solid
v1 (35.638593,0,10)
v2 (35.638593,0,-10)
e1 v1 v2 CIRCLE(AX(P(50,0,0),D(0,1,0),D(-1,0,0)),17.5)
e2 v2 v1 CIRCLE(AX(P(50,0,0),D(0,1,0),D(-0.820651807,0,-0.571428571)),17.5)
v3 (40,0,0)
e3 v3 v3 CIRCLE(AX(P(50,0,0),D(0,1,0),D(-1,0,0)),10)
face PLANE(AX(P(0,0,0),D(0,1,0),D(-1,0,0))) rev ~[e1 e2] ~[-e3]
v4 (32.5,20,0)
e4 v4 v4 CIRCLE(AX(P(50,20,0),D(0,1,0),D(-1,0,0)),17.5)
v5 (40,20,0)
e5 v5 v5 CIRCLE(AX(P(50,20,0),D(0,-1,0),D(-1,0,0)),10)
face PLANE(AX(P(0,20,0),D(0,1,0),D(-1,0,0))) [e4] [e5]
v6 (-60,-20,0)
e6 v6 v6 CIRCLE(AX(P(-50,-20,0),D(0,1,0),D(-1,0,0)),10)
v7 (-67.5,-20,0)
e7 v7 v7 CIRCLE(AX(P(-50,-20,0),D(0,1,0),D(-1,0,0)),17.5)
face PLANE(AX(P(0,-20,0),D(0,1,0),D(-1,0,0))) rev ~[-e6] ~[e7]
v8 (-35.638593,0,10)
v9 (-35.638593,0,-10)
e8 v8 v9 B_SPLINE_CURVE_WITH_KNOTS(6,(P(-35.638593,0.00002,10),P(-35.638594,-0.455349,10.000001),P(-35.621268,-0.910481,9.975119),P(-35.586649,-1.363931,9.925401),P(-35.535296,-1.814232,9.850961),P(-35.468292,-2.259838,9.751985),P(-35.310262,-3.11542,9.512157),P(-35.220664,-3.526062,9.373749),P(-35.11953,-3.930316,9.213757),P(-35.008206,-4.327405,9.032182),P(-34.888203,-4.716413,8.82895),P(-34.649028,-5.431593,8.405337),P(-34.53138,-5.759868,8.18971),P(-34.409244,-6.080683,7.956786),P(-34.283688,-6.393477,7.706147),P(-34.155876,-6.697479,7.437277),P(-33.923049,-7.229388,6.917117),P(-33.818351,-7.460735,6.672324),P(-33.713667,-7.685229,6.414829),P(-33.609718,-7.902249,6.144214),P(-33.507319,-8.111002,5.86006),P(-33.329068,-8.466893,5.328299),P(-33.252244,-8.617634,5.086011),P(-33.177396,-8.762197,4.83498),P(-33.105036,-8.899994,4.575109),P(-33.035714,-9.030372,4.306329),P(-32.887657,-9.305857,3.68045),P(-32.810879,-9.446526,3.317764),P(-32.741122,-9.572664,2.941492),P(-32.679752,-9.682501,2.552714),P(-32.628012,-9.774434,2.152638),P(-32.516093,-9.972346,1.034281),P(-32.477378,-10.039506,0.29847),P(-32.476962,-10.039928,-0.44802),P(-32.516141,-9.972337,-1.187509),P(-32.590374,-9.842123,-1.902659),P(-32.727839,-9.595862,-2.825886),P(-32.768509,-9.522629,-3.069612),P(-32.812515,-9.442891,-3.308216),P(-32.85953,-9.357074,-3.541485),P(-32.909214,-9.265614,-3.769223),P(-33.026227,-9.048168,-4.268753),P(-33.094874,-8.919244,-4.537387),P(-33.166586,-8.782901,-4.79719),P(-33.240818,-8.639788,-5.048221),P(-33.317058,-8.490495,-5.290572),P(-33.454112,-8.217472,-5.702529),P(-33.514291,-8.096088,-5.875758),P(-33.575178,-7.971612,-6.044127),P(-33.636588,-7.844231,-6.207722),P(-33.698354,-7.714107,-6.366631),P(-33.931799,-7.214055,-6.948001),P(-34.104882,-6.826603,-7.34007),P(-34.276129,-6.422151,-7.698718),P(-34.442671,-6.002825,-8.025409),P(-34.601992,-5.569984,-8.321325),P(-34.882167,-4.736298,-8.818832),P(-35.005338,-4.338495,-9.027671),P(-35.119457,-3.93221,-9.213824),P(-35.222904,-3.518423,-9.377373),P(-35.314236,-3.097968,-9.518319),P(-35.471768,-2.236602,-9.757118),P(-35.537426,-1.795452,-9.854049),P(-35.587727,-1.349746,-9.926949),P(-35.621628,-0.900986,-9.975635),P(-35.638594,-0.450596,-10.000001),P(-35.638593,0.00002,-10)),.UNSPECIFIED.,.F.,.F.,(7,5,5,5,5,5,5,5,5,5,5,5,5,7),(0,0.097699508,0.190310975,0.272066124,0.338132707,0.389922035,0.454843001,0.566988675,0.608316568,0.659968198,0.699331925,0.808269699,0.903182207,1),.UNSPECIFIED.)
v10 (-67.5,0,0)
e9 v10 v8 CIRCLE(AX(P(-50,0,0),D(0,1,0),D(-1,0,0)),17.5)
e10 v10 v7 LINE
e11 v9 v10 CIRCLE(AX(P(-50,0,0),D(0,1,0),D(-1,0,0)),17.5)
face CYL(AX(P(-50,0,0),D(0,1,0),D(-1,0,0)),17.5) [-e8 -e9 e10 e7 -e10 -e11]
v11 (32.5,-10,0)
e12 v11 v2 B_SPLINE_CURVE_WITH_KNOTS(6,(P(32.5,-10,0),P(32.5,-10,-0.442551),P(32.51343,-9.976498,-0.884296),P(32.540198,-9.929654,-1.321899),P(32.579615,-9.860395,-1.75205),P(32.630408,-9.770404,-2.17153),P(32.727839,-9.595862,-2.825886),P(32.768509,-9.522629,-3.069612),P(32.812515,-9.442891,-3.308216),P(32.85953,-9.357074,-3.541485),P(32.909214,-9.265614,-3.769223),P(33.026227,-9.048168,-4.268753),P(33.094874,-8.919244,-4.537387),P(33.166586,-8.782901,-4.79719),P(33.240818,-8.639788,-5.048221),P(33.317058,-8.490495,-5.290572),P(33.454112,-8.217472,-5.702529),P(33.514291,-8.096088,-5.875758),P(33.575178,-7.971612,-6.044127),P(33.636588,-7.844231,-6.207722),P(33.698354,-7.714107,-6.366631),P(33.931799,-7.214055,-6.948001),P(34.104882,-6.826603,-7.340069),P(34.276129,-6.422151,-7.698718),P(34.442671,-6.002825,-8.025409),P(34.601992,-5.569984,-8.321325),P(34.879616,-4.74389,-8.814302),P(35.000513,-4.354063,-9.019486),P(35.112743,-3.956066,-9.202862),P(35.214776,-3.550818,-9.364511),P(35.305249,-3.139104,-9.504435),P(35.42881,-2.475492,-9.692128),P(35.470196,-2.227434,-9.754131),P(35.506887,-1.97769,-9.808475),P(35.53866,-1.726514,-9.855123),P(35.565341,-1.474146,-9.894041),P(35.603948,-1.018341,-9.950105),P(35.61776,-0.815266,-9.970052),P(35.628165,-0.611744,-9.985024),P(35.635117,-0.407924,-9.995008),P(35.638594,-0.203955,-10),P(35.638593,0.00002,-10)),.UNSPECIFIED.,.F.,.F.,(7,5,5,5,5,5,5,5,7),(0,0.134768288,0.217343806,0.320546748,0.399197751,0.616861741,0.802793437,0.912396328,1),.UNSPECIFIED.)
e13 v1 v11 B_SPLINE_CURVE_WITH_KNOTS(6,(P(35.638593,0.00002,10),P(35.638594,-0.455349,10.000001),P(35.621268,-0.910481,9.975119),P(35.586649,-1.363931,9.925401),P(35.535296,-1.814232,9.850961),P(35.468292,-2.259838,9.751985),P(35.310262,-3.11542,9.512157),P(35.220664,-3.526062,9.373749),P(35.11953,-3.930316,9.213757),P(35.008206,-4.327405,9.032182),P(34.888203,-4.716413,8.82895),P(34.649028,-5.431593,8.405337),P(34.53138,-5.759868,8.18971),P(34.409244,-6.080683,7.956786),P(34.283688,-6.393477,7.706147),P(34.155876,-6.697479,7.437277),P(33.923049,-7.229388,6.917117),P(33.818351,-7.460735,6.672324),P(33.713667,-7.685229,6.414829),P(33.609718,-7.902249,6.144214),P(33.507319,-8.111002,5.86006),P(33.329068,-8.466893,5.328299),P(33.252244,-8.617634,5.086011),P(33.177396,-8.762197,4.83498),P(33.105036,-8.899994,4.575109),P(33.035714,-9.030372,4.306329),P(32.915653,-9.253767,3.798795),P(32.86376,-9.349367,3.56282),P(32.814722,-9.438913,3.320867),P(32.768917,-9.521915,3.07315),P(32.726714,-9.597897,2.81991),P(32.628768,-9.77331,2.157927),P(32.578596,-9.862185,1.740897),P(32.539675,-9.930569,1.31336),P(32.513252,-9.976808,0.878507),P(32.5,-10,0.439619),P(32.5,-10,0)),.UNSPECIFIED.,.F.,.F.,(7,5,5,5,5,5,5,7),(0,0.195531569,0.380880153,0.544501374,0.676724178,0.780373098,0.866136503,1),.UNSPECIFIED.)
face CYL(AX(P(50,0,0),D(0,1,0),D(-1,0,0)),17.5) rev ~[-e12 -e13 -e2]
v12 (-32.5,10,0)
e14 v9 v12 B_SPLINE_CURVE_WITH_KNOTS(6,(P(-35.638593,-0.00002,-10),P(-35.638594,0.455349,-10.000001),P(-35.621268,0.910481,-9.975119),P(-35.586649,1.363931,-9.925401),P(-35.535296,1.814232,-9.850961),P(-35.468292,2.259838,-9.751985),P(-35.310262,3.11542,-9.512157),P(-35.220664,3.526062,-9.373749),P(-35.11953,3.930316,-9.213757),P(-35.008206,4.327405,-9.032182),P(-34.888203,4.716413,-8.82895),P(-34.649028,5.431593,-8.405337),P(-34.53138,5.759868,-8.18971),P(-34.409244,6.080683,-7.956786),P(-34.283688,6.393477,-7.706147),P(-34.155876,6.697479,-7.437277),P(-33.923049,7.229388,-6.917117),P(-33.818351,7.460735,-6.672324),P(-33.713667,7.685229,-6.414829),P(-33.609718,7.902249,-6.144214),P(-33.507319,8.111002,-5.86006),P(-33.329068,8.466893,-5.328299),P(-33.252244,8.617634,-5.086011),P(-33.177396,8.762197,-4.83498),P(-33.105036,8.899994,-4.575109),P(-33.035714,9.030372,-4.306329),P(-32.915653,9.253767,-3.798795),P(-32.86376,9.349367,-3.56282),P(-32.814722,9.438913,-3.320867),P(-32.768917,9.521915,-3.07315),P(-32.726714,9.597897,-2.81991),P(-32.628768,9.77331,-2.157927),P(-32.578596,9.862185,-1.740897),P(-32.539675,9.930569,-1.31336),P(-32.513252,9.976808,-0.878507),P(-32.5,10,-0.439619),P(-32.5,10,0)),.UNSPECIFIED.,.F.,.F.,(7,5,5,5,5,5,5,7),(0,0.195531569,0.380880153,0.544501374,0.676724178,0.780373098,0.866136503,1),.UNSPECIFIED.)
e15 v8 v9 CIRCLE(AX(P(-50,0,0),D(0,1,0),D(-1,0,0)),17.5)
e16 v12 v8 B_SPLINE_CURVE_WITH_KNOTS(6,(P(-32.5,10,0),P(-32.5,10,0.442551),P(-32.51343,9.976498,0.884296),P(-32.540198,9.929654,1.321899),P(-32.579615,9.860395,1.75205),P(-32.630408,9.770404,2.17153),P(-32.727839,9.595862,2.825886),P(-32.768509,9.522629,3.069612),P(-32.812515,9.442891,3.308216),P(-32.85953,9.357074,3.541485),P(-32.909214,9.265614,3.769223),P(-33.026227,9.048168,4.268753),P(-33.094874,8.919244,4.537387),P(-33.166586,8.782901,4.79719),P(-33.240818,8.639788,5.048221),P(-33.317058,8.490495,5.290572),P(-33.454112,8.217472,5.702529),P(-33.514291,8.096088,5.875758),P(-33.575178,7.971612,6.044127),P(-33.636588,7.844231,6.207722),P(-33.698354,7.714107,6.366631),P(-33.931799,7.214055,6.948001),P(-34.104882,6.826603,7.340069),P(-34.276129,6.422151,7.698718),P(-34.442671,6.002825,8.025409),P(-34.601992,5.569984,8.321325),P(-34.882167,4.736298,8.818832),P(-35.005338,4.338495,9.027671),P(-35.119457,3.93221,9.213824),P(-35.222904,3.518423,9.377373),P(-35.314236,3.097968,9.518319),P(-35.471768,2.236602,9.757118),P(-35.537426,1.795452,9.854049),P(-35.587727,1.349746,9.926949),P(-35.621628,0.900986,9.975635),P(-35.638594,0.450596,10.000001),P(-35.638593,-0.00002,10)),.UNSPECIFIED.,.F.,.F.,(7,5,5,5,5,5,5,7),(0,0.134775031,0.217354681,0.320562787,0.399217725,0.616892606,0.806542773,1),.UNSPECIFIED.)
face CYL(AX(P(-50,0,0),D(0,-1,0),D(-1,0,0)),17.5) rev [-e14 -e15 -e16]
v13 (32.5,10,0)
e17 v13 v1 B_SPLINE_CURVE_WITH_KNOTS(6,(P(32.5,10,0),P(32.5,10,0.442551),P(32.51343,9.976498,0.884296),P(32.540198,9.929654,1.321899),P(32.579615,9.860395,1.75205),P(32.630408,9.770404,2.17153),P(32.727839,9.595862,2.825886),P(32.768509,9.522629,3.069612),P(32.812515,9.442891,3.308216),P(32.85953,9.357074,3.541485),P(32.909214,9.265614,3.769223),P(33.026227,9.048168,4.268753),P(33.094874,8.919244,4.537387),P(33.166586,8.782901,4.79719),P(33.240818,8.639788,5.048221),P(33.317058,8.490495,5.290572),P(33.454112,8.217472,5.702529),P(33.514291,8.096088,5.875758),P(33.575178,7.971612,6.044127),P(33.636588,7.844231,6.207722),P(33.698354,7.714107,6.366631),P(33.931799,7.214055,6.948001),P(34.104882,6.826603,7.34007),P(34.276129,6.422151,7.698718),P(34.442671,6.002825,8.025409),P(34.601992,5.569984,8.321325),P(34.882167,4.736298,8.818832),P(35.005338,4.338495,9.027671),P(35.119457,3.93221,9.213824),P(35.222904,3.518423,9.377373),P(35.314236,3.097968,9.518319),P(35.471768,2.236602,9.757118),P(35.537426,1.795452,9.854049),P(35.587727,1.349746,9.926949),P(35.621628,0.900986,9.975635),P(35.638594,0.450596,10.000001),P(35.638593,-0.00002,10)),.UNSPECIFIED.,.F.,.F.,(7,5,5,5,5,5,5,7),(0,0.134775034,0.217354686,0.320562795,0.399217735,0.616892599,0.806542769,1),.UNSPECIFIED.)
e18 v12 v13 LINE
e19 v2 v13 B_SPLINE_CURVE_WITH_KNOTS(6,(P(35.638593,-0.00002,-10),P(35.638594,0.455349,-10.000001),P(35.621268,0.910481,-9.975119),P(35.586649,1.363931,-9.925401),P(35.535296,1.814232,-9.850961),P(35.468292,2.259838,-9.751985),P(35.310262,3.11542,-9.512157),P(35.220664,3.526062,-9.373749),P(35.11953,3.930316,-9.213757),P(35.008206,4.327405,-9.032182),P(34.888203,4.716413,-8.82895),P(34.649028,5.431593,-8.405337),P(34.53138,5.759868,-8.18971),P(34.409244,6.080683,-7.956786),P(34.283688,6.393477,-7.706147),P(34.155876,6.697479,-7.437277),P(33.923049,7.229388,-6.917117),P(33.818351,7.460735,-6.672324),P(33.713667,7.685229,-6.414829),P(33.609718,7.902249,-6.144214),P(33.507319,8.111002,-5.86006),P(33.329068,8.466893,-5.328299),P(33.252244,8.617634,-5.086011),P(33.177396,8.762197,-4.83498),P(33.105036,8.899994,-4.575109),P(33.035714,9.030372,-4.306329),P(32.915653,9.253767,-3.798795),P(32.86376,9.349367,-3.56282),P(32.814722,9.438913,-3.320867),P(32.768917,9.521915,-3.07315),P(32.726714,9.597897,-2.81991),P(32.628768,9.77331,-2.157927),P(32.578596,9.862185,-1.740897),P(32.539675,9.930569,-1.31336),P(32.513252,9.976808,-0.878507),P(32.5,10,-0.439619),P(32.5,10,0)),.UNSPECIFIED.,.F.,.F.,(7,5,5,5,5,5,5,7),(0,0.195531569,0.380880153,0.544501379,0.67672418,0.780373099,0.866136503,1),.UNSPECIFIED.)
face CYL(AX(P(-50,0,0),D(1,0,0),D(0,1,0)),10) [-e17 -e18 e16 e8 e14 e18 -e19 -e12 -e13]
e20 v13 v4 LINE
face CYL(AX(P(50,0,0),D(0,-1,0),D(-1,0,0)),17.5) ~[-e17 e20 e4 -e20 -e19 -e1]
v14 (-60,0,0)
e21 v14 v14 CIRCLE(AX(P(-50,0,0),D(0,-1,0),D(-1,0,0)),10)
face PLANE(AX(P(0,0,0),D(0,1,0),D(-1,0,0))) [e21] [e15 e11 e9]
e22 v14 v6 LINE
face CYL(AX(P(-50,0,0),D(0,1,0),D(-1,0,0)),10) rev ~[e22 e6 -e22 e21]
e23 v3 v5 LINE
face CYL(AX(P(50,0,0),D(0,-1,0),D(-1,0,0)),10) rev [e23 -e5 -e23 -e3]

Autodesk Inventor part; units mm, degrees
ref_plane "YZ Plane" through (0, 0, 0) normal (1, 0, 0) x (0, 1, 0)
ref_plane "XZ Plane" through (0, 0, 0) normal (0, 1, 0) x (-1, 0, 0)
ref_plane "XY Plane" through (0, 0, 0) normal (0, 0, 1) x (1, 0, 0)
sketch "Sketch1" plane through (0, 0, 0) normal (0, 0, 1) x (1, 0, 0)
  line L0 (-50, 0) -> (50, 0)
  line L1 (0, 0) -> (0, 34.9563) construction
  line L2 (-50, 0) -> (-50, 10)
  line L3 (-50, 10) -> (50, 10)
  line L4 (50, 10) -> (50, 0)
  dimension "d0" = 100
  dimension "d1" = 10
revolve "Revolution1" add sketch "Sketch1" angle 360 about axis through (-50, 0, 0) along (1, 0, 0)
sketch "Sketch2" plane through (0, 0, 0) normal (0, 1, 0) x (-1, 0, 0)
  line L0 (-50, 10) -> (-50, -10) projected
  circle A0 centre (-50, 0) radius 17.5
  circle A1 centre (-50, 0) radius 10
  point P0 (0, 0)
  dimension "d3" = 35
  dimension "d4" = 20
extrude "Extrusion1" add sketch "Sketch2" along normal blind 20
extrude "Extrusion2" cut sketch "Sketch2" against normal blind 20 contours A1 L0 | A0 picked at (-47.9217, -2.6061)
extrude "Extrusion3" cut sketch "Sketch2" along normal blind 20 contours A1 L0 picked at (-47.9217, -2.6061)
sketch "Sketch4" plane through (0, 0, 0) normal (0, 1, 0) x (-1, 0, 0)
  line L0 (50, 10) -> (50, -10) projected
  circle A0 centre (50, 0) radius 17.5
  circle A1 centre (50, 0) radius 10
  point P0 (0, 0)
  dimension "d17" = 35
  dimension "d18" = 20
extrude "Extrusion6" add sketch "Sketch4" against normal blind 20
extrude "Extrusion7" cut sketch "Sketch4" along normal blind 20 contours L0 A1 | A0 picked at (46.9919, -2.3982)
extrude "Extrusion8" cut sketch "Sketch4" against normal blind 20 contours L0 A1 picked at (46.9919, -2.3982)
